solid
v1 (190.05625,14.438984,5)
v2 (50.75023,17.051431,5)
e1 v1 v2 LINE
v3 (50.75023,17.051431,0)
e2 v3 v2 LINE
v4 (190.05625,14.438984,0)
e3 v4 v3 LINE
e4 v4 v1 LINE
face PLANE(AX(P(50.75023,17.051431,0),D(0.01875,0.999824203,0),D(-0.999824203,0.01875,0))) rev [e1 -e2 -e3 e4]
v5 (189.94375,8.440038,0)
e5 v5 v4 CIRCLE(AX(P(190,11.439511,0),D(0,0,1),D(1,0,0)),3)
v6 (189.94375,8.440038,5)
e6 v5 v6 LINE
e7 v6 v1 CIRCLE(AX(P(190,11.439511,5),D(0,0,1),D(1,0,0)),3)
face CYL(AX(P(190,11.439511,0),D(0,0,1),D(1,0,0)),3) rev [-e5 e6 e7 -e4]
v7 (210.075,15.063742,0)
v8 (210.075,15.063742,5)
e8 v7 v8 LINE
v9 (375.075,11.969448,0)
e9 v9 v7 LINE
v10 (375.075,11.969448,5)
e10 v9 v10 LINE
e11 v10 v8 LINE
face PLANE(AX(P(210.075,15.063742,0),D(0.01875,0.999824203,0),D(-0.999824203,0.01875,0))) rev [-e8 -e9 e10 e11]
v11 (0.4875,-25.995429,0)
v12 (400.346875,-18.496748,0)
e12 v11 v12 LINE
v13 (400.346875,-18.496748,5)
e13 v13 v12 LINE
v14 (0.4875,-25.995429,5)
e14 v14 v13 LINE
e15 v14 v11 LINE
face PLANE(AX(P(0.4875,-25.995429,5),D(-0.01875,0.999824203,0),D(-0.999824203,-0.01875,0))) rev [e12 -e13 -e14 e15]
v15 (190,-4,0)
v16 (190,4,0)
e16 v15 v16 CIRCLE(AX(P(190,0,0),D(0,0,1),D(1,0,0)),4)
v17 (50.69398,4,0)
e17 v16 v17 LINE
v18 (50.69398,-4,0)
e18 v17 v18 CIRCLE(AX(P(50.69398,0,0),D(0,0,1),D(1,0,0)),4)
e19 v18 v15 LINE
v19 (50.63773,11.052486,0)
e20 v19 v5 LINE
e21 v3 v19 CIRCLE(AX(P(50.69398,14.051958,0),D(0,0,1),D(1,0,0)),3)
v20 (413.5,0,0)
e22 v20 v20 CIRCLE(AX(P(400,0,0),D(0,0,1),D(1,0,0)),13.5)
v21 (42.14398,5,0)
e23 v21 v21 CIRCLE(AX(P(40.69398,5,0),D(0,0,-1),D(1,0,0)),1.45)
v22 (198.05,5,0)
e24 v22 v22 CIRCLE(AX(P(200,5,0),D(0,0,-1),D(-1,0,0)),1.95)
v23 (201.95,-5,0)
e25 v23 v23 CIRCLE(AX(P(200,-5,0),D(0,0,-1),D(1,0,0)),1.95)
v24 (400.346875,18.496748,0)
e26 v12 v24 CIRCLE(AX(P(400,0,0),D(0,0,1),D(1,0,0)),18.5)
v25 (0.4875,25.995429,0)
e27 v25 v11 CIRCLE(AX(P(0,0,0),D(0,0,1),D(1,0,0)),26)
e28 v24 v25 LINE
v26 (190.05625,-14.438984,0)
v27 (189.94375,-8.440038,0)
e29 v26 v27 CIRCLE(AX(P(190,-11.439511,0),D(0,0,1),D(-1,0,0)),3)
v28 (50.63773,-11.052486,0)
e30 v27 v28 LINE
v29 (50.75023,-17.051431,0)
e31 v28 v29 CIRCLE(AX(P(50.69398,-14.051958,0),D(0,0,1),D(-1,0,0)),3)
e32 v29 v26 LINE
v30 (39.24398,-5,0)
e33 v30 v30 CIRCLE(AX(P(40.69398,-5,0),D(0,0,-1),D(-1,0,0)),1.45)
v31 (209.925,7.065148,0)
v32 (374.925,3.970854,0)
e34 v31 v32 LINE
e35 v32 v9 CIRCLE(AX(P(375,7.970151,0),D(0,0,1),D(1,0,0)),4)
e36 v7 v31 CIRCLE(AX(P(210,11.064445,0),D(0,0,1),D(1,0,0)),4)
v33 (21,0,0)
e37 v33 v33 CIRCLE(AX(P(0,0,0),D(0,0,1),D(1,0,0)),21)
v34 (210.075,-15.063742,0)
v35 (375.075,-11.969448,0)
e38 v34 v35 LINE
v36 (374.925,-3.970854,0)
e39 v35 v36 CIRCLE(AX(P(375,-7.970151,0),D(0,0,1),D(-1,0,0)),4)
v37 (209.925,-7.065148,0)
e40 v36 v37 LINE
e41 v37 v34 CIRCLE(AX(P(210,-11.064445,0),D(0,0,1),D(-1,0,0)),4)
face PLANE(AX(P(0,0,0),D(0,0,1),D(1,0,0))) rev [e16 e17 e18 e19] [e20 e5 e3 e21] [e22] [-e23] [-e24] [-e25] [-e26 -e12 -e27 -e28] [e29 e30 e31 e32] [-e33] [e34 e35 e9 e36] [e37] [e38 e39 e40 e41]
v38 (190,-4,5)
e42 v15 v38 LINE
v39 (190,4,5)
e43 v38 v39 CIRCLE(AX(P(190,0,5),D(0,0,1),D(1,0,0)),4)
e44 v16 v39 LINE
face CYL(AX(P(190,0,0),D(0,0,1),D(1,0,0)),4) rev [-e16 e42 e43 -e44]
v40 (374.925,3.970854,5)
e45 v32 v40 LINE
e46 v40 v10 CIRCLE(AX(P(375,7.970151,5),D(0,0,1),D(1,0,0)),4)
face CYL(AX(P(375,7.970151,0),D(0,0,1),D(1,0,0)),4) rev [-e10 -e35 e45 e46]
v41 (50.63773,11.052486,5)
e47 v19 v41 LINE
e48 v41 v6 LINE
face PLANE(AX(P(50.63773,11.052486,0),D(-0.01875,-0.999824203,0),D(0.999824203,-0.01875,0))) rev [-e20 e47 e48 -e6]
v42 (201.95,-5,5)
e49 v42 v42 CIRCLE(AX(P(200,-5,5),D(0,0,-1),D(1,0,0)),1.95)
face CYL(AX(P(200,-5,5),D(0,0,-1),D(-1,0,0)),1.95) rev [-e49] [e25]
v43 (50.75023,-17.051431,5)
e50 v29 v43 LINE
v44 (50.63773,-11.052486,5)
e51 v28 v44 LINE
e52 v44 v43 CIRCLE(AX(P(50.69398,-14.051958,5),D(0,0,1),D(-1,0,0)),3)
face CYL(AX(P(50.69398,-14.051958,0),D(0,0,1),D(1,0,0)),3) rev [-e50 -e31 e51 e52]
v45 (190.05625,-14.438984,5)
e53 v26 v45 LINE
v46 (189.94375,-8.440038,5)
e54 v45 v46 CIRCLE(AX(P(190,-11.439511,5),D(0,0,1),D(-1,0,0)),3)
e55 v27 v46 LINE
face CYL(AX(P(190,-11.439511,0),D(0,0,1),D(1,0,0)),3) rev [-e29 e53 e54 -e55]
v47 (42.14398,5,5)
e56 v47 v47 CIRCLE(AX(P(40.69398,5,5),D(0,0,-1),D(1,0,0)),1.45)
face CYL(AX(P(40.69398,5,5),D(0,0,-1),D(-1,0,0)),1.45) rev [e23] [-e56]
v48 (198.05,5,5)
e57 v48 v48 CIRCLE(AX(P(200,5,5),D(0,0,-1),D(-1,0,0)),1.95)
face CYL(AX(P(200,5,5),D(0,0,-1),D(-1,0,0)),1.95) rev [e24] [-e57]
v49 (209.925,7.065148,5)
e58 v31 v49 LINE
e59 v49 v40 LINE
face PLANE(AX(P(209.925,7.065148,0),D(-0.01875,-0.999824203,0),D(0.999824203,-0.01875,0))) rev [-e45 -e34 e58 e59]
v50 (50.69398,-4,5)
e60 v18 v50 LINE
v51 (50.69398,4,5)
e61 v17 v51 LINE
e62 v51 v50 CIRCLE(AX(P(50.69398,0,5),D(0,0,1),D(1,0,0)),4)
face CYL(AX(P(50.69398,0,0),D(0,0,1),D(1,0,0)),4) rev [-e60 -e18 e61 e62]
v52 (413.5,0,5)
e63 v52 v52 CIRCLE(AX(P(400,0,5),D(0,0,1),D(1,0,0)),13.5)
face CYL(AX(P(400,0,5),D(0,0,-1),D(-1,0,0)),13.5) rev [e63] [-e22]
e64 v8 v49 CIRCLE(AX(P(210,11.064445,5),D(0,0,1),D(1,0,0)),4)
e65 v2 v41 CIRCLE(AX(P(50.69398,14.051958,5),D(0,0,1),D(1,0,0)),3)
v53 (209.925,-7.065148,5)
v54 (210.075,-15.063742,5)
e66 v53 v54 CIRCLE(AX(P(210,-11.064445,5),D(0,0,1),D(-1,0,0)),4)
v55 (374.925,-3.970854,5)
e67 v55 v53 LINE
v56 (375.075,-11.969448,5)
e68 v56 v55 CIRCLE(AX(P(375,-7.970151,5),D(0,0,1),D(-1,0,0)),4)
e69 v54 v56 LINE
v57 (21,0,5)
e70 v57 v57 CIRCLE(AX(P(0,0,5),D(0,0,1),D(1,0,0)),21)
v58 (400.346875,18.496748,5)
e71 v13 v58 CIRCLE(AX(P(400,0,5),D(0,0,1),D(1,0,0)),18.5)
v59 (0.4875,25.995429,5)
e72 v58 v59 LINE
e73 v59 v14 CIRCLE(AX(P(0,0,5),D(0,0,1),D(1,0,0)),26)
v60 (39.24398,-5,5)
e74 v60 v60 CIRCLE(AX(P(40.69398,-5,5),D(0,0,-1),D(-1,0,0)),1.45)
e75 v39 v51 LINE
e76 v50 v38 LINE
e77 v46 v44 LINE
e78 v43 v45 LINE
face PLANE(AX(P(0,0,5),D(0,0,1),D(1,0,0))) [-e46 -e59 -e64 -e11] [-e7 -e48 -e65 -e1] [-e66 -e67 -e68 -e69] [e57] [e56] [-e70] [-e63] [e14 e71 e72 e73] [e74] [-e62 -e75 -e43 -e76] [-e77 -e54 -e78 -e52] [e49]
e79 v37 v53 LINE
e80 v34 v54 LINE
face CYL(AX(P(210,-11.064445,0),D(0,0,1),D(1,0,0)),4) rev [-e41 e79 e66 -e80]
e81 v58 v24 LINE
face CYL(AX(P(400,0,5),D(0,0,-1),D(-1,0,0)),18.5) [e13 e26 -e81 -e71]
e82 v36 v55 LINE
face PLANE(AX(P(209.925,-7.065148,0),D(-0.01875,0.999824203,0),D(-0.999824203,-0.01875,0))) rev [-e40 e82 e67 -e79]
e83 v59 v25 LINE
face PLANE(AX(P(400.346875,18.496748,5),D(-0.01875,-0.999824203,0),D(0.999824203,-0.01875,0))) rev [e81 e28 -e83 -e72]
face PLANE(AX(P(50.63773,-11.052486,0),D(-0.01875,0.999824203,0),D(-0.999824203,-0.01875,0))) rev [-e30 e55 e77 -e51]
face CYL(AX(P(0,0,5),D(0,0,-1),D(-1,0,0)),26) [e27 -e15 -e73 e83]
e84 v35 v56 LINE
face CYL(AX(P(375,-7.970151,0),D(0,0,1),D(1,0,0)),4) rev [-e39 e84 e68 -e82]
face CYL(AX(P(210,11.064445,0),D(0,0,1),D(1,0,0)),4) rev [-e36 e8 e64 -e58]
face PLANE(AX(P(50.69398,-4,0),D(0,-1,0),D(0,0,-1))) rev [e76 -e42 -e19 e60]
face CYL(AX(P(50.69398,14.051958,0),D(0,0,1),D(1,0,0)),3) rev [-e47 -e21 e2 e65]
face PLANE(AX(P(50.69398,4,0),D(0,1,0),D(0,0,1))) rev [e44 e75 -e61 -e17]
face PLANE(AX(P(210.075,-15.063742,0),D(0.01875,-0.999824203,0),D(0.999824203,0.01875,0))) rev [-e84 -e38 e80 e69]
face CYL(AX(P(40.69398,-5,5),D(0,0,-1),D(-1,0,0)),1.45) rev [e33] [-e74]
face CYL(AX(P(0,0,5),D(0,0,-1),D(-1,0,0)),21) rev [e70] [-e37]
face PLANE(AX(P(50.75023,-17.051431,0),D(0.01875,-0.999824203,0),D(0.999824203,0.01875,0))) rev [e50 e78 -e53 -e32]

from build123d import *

# Parameters (mm, degrees)
SKETCH_1_R          = 21
SKETCH_1_R_2        = 13.5
EXTRUDE_1_DEPTH     = 5
SKETCH_4_R          = 1.45
CUT_EXTRUDE_1_DEPTH = 420.336678577
SKETCH_5_R          = 1.95
CUT_EXTRUDE_2_DEPTH = 420.336678577
CUT_EXTRUDE_3_DEPTH = 420.336678577


with BuildPart() as part:
    # 草图1 → 凸台-拉伸1 (new body)
    with BuildSketch(Plane.XY):
        with BuildLine():
            Line((400.346875, 18.496747761), (0.4875, 25.995429286))
            ThreePointArc((0.4875, 25.995429286), (-26, 0), (0.4875, -25.995429286))
            Line((0.4875, -25.995429286), (400.346875, -18.496747761))
            ThreePointArc((400.346875, -18.496747761), (418.5, 0), (400.346875, 18.496747761))
        make_face()
        Circle(SKETCH_1_R, mode=Mode.SUBTRACT)
        with Locations((400, 0)):
            Circle(SKETCH_1_R_2, mode=Mode.SUBTRACT)
    extrude(amount=EXTRUDE_1_DEPTH)

    # 草图4 → 切除-拉伸1 (cut, through all)
    with BuildSketch(Plane(origin=(0, 0, 0), x_dir=(-1, 0, 0), z_dir=(0, 0, -1))):
        with Locations((-40.693979899, -5)):
            Circle(SKETCH_4_R)
        with Locations(Location((-40.693979899, 5, 0), (0, 0, 180))):
            Circle(SKETCH_4_R)
    extrude(amount=-CUT_EXTRUDE_1_DEPTH, mode=Mode.SUBTRACT)

    # 草图5 → 切除-拉伸2 (cut, through all)
    with BuildSketch(Plane(origin=(0, 0, 0), x_dir=(-1, 0, 0), z_dir=(0, 0, -1))):
        with Locations((-200, 5)):
            Circle(SKETCH_5_R)
        with Locations(Location((-200, -5, 0), (0, 0, 180))):
            Circle(SKETCH_5_R)
    extrude(amount=-CUT_EXTRUDE_2_DEPTH, mode=Mode.SUBTRACT)

    # 草图6 → 切除-拉伸3 (cut, through all)
    with BuildSketch(Plane.XY.offset(5)):
        with BuildLine():
            Line((50.750229899, 17.051430775), (190.05625, 14.438983638))
            ThreePointArc((190.05625, 14.438983638), (192.99947261, 11.383261028), (189.94375, 8.440038418))
            Line((189.94375, 8.440038418), (50.637729899, 11.052485555))
            ThreePointArc((50.637729899, 11.052485555), (47.694507289, 14.108208165), (50.750229899, 17.051430775))
        make_face()
        with BuildLine():
            Line((210.075, 15.063741906), (375.075, 11.969447939))
            ThreePointArc((375.075, 11.969447939), (378.999296813, 7.895151126), (374.925, 3.970854313))
            Line((374.925, 3.970854313), (209.925, 7.06514828))
            ThreePointArc((209.925, 7.06514828), (206.000703187, 11.139445093), (210.075, 15.063741906))
        make_face()
        with BuildLine():
            Line((210.075, -15.063741906), (375.075, -11.969447939))
            ThreePointArc((375.075, -11.969447939), (378.999296813, -7.895151126), (374.925, -3.970854313))
            Line((374.925, -3.970854313), (209.925, -7.06514828))
            ThreePointArc((209.925, -7.06514828), (206.000703187, -11.139445093), (210.075, -15.063741906))
        make_face()
        with BuildLine():
            Line((50.750229899, -17.051430775), (190.05625, -14.438983638))
            ThreePointArc((190.05625, -14.438983638), (192.99947261, -11.383261028), (189.94375, -8.440038418))
            Line((189.94375, -8.440038418), (50.637729899, -11.052485555))
            ThreePointArc((50.637729899, -11.052485555), (47.694507289, -14.108208165), (50.750229899, -17.051430775))
        make_face()
        with BuildLine():
            Line((50.693979899, 4), (190, 4))
            ThreePointArc((190, 4), (194, 0), (190, -4))
            Line((190, -4), (50.693979899, -4))
            ThreePointArc((50.693979899, -4), (46.693979899, 0), (50.693979899, 4))
        make_face()
    extrude(amount=-CUT_EXTRUDE_3_DEPTH, mode=Mode.SUBTRACT)


solid = part.part
